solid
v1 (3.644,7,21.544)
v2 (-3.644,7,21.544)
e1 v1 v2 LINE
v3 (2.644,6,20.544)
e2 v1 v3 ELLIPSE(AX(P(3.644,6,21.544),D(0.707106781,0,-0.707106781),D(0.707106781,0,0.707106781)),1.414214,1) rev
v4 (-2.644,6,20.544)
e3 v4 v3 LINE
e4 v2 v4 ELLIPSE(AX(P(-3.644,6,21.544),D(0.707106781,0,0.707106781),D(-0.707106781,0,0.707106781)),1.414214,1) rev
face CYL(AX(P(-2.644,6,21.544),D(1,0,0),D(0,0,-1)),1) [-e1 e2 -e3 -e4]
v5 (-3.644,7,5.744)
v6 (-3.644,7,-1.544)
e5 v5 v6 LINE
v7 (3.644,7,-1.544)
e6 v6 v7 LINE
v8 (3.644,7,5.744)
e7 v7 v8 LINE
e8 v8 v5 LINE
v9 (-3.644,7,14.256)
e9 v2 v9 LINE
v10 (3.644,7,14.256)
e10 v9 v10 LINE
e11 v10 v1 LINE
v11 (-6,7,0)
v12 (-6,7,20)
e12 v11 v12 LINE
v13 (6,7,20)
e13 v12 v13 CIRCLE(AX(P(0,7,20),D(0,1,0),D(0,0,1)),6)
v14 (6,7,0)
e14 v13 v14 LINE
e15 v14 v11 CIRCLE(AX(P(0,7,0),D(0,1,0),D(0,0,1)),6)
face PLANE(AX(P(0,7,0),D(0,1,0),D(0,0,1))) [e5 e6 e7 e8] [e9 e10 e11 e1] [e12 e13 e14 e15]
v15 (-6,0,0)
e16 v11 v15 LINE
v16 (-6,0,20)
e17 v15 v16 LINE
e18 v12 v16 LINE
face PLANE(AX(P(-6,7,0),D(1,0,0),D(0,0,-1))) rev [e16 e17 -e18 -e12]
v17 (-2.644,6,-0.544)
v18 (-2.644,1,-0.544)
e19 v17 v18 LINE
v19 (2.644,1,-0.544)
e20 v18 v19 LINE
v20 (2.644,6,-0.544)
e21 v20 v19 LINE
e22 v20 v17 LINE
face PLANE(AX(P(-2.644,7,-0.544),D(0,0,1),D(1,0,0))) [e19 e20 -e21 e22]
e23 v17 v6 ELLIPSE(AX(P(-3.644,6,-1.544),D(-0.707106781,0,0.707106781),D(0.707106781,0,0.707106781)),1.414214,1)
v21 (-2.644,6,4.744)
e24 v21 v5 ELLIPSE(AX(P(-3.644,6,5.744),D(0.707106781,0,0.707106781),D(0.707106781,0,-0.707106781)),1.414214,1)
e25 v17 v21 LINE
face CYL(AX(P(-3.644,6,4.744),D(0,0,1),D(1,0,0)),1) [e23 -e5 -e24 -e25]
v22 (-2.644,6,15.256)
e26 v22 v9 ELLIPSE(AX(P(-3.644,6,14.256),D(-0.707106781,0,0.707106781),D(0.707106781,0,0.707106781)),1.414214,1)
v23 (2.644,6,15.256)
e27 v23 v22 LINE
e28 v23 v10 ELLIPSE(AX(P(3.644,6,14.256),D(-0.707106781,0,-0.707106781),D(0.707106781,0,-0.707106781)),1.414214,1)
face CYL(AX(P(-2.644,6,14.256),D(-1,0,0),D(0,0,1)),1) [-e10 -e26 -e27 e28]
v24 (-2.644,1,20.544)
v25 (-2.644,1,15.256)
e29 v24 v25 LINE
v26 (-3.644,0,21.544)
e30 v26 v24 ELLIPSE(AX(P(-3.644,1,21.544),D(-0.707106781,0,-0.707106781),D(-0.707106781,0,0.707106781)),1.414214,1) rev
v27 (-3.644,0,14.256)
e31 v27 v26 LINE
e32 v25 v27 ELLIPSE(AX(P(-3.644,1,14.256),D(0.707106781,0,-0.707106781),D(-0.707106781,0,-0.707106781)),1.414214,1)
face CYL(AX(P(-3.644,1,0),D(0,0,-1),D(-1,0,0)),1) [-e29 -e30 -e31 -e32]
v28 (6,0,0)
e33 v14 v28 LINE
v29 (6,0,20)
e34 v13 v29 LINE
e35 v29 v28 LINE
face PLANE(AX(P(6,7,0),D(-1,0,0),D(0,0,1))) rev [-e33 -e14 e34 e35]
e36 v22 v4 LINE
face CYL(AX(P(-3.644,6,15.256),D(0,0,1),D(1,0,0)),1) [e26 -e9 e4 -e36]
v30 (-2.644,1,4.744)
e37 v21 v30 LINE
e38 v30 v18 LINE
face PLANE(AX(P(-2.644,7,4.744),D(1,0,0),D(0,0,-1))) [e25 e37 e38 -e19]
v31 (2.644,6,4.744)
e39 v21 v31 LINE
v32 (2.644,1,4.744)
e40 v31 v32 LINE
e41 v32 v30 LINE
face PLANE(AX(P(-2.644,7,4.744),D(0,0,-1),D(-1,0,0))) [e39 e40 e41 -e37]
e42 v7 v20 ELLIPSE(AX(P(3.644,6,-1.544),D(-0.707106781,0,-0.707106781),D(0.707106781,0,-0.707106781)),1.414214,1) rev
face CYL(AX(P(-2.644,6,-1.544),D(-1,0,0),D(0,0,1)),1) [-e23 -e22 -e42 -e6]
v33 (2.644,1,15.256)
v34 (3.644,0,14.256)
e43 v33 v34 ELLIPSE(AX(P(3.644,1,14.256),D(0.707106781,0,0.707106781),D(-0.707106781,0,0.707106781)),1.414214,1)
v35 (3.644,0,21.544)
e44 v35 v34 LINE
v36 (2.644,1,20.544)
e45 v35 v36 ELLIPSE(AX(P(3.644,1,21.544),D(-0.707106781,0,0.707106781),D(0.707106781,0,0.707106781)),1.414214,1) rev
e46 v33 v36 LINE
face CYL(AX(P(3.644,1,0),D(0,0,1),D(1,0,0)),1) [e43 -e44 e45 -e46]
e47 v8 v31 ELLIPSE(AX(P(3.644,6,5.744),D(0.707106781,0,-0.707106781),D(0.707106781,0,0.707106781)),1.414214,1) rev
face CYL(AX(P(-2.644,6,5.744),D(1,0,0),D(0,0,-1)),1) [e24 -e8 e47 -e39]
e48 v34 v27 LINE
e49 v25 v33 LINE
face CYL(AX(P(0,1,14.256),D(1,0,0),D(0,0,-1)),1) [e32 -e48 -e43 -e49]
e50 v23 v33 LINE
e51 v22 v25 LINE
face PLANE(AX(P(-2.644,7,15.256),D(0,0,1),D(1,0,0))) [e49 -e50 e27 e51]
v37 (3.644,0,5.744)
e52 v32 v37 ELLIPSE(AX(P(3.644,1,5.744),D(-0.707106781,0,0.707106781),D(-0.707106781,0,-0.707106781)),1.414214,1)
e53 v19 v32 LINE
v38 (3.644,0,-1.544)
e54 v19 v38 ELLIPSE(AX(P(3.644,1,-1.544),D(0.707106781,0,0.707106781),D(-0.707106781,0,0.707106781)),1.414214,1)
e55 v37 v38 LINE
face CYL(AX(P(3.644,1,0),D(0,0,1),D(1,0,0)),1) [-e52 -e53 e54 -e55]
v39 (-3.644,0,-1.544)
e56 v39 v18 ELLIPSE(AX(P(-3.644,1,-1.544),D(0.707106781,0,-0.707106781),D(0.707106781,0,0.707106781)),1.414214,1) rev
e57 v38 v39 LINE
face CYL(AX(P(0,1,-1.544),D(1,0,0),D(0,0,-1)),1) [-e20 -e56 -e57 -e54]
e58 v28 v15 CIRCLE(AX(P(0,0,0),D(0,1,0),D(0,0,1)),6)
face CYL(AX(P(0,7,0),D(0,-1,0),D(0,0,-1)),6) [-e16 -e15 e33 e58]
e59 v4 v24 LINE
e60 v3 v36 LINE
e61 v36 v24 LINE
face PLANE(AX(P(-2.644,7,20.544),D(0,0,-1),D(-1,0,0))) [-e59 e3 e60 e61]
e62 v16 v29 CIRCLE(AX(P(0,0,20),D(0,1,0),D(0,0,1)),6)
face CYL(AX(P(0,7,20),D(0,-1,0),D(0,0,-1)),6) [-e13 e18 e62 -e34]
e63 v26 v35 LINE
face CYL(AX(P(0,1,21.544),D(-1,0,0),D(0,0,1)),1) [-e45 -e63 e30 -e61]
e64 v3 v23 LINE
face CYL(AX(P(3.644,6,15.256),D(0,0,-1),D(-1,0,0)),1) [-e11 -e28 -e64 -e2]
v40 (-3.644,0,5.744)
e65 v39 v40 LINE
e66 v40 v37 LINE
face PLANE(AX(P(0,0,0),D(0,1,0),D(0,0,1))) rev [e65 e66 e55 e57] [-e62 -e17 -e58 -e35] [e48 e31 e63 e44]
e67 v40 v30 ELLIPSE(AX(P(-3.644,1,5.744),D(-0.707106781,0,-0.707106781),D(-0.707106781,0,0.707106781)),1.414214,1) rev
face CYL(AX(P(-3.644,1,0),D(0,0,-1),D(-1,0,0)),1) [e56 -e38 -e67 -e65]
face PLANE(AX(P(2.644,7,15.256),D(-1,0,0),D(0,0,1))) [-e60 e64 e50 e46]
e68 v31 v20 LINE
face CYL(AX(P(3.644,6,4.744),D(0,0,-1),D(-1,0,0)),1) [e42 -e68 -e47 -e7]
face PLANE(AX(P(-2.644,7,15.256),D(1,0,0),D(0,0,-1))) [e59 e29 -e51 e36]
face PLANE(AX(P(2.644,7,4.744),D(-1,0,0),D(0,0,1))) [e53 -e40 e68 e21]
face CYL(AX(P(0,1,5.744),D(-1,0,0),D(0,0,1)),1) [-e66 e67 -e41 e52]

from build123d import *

# Parameters (mm, degrees)
SKETCH4_W           = 5.288
SKETCH4_H           = 5.288
BOSS_EXTRUDE1_DEPTH = 7
FILLET1_R           = 1


with BuildPart() as part:
    # Sketch4 → Boss-Extrude1 (new body)
    with BuildSketch(Plane(origin=(0, 0, 0), x_dir=(1, 0, 0), z_dir=(0, 1, 0))):
        with BuildLine():
            Line((6, 0), (6, -20))
            ThreePointArc((6, -20), (0, -26), (-6, -20))
            Line((-6, -20), (-6, 0))
            ThreePointArc((-6, 0), (0, 6), (6, 0))
        make_face()
        with Locations((0, -17.9)):
            Rectangle(SKETCH4_W, SKETCH4_H, mode=Mode.SUBTRACT)
        with Locations((0, -2.1)):
            Rectangle(SKETCH4_W, SKETCH4_H, mode=Mode.SUBTRACT)
    extrude(amount=BOSS_EXTRUDE1_DEPTH)

    # Fillet1
    fillet1_edges = [part.edges().sort_by_distance(p)[0] for p in [
        (2.644, 0, 2.1),
        (0, 0, -0.544),
        (-2.644, 0, 2.1),
        (0, 0, 4.744),
        (2.644, 7, 2.1),
        (0, 7, -0.544),
        (-2.644, 7, 2.1),
        (0, 7, 4.744),
        (-2.644, 0, 17.9),
        (0, 0, 20.544),
        (2.644, 0, 17.9),
        (0, 0, 15.256),
        (-2.644, 7, 17.9),
        (0, 7, 20.544),
        (2.644, 7, 17.9),
        (0, 7, 15.256),
    ]]
    fillet(fillet1_edges, radius=FILLET1_R)


solid = part.part
